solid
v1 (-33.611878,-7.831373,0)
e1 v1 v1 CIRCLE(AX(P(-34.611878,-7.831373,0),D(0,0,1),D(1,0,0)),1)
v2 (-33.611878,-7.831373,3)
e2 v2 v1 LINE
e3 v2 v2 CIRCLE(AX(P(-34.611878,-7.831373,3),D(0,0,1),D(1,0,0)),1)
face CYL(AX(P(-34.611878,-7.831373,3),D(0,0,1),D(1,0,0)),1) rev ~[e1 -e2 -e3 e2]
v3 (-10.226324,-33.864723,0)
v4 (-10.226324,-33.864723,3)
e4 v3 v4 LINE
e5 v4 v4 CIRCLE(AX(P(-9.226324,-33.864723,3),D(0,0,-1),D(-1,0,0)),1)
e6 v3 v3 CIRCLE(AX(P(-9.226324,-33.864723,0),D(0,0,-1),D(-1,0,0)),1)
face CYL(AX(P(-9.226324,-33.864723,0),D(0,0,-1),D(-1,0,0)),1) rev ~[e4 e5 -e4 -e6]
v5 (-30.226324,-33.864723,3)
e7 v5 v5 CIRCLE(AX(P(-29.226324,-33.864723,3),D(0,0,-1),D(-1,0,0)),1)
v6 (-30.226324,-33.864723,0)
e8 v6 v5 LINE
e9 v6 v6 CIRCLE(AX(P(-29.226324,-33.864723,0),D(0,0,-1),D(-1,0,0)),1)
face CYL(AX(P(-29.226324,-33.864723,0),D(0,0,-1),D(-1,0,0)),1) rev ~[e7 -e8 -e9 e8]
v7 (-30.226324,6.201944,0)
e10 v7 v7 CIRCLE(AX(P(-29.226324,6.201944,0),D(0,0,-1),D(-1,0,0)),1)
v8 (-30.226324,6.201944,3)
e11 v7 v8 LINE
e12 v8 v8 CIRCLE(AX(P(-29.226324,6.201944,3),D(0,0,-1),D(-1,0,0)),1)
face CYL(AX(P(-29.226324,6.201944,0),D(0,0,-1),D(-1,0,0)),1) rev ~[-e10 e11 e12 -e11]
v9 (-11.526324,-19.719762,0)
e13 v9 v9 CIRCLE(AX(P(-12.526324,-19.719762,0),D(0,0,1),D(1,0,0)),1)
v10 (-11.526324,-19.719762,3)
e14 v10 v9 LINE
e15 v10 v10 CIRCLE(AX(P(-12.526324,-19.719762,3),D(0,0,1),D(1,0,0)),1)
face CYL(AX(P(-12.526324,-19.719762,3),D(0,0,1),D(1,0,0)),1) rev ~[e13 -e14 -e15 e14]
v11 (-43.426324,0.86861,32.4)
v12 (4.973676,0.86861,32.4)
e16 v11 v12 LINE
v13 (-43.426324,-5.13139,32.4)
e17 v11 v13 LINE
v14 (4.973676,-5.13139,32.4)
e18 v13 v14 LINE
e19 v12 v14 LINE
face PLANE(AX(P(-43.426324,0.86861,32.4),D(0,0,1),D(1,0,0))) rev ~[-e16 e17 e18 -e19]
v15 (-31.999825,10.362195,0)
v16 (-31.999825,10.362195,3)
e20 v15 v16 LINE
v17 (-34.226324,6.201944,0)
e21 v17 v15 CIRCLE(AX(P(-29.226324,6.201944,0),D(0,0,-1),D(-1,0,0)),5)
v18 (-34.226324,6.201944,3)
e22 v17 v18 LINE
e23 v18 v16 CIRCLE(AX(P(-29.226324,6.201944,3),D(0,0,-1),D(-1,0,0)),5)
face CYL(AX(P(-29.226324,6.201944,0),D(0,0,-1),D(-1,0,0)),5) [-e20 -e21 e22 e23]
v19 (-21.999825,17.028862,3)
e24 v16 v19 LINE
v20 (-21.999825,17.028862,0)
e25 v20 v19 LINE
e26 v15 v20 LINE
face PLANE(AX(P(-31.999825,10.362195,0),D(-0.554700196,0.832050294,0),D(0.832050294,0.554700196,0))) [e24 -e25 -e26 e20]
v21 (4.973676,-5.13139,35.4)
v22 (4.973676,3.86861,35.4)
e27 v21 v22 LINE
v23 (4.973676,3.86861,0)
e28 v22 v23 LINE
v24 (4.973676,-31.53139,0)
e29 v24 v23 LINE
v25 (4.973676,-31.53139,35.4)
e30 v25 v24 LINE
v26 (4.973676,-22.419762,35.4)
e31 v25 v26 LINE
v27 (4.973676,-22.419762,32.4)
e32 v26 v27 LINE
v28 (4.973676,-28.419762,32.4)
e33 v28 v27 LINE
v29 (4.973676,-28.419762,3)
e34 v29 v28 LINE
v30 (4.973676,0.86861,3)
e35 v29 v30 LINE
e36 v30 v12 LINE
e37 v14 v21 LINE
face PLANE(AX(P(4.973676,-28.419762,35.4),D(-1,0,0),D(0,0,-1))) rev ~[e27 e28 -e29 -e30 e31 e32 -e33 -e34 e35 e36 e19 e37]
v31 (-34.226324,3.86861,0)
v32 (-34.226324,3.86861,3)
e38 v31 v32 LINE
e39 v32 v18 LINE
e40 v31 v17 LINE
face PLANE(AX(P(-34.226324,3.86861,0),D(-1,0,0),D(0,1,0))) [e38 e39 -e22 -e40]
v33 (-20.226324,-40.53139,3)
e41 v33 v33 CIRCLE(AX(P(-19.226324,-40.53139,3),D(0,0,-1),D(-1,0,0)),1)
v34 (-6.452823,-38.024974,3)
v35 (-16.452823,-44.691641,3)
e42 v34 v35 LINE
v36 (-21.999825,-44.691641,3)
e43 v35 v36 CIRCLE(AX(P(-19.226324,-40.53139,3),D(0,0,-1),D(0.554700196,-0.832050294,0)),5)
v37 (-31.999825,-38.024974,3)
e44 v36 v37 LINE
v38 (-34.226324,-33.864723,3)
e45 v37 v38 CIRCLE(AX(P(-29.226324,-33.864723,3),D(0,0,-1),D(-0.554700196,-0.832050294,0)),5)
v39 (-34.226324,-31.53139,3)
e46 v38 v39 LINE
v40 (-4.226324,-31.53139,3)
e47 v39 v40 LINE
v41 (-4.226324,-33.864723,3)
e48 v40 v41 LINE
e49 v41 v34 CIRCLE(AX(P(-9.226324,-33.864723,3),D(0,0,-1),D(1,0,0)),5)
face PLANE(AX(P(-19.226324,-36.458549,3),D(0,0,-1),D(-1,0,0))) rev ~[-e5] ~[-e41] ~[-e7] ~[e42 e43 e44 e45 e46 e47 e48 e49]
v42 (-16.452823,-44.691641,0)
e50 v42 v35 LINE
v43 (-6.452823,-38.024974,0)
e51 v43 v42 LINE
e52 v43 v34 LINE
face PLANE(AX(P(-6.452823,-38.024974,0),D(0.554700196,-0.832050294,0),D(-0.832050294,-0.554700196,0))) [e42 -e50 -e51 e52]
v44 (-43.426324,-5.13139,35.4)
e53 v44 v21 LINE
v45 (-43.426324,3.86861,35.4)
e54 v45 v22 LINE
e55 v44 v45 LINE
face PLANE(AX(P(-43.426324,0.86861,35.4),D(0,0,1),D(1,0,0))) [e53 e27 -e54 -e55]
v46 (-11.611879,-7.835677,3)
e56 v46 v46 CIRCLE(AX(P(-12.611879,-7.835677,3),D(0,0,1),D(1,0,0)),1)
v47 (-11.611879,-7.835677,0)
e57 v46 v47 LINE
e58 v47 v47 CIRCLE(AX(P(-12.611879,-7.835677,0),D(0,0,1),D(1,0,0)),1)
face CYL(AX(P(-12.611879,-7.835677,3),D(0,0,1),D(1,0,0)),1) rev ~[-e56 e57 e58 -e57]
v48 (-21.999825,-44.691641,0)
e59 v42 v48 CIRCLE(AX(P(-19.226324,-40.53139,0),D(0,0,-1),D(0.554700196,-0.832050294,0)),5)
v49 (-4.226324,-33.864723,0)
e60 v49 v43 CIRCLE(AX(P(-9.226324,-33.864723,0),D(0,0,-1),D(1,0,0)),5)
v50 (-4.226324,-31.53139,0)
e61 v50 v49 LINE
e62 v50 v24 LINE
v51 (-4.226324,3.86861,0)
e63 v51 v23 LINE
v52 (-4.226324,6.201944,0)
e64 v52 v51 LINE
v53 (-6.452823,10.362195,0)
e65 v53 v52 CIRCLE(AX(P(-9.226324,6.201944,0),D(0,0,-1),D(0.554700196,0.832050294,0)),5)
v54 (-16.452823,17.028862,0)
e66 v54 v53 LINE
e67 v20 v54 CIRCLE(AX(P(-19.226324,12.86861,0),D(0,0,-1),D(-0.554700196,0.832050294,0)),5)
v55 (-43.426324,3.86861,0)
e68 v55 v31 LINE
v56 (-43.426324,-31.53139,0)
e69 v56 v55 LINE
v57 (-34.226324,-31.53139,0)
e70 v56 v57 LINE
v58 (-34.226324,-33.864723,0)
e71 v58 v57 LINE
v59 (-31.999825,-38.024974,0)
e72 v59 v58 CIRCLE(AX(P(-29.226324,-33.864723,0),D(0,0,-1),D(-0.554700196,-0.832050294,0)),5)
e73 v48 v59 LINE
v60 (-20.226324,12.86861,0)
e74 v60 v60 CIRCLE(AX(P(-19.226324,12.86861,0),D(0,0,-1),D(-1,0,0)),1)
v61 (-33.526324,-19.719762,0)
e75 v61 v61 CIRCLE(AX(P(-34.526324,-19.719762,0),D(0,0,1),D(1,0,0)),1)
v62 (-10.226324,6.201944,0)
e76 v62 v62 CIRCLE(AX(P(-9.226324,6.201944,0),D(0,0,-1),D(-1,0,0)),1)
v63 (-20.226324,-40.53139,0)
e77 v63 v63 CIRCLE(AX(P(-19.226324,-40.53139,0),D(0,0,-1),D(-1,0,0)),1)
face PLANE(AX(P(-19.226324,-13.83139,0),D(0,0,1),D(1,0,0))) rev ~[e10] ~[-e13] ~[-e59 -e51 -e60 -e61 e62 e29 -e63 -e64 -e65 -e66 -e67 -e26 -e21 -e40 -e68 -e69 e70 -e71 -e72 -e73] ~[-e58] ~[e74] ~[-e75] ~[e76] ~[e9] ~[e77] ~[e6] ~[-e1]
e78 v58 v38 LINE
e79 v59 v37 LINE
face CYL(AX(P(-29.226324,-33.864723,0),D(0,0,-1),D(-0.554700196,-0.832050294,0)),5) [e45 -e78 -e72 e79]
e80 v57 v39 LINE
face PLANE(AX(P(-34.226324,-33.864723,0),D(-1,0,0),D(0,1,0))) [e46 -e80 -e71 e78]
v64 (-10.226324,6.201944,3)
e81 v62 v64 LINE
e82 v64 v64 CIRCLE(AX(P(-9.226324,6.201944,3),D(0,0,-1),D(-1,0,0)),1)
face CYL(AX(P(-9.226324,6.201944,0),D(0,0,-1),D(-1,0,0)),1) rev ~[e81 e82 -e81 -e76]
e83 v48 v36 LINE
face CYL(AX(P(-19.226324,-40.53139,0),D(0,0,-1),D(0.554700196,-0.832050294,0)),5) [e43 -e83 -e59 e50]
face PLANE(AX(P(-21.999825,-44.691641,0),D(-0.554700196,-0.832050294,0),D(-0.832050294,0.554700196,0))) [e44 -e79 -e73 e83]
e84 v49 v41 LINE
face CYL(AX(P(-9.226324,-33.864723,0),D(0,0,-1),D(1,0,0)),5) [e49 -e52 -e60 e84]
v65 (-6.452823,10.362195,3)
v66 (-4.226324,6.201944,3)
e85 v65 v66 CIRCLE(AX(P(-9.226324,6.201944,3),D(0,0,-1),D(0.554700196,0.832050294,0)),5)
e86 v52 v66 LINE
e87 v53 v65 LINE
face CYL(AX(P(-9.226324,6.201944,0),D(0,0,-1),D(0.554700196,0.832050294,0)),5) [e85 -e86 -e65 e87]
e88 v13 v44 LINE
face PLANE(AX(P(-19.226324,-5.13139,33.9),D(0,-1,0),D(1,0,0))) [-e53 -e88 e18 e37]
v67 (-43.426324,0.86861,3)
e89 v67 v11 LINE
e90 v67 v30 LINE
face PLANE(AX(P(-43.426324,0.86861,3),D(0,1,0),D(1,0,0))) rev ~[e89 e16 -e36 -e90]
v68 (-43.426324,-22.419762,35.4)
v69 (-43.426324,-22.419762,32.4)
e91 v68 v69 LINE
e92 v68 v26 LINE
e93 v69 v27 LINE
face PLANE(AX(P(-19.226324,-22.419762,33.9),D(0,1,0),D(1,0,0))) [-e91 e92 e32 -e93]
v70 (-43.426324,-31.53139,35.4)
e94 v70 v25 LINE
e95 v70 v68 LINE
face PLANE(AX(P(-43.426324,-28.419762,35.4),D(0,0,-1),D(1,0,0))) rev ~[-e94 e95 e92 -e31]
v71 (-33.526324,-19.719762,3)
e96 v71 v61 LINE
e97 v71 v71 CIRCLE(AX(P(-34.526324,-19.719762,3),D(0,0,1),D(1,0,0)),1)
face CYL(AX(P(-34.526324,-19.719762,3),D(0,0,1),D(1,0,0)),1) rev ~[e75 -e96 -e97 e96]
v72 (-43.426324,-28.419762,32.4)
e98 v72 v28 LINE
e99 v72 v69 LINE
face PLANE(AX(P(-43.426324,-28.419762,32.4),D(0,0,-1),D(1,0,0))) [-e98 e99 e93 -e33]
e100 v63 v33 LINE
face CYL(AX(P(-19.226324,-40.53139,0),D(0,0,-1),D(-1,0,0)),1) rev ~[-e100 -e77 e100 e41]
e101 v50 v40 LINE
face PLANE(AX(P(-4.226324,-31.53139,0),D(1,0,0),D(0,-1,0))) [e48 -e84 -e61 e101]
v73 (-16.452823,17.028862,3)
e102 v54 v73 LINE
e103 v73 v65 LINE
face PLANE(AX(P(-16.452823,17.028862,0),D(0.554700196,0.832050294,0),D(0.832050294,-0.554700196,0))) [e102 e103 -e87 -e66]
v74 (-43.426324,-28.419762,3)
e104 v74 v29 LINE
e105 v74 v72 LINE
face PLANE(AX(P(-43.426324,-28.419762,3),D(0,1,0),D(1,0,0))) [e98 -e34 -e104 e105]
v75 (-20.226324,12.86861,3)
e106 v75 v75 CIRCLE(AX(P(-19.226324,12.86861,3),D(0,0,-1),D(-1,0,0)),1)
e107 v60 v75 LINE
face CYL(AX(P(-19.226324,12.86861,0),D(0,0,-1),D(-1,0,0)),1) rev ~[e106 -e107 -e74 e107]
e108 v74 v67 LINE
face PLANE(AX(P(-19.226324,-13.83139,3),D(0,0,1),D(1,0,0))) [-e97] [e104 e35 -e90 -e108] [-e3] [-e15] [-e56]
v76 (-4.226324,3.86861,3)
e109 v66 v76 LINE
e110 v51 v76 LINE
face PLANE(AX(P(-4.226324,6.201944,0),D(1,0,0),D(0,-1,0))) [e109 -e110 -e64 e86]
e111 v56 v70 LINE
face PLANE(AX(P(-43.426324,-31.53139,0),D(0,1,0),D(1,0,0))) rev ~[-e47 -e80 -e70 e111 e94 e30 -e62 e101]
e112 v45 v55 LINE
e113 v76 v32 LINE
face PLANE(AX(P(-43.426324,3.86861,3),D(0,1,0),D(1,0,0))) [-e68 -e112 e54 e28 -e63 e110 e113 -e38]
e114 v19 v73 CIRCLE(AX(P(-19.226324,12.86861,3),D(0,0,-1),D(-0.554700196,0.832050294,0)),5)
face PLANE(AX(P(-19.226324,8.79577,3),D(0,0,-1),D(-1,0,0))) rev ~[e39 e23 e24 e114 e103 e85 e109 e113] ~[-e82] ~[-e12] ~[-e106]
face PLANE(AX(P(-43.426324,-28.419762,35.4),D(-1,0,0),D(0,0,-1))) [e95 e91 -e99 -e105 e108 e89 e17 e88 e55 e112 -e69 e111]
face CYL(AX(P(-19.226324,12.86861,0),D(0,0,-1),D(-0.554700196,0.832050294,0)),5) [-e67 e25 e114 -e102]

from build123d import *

# Parameters (mm, degrees)
SKETCH4_W                = 48.4
SKETCH4_H                = 35.4
BOTTOM_PLATE_DEPTH       = 3
SKETCH5_W                = 48.4
SKETCH5_H                = 3
SKETCH5_H_2              = 3.111627182
SIDE_PLATE_DEPTH         = 32.4
SKETCH6_W                = 48.4
SKETCH6_H                = 3
TOP_PLATE_1_DEPTH        = 6
SKETCH7_W                = 48.4
SKETCH7_H                = 3
TOP_PLATE_2_DEPTH        = 6
CAMERA_SCREW_HOLES_REACH = 64.688
SKETCH8_R                = 1
SKETCH10_R               = 1
CASE_ATTACHMENT_1_DEPTH  = 3
SKETCH10_4_R             = 1
CASE_ATTACHMENT_2_DEPTH  = 3


with BuildPart() as part:
    # Sketch4 → Bottom_Plate (new body)
    with BuildSketch(Plane.XY):
        with Locations((-19.226323529, -13.831389527)):
            Rectangle(SKETCH4_W, SKETCH4_H)
    extrude(amount=BOTTOM_PLATE_DEPTH)

    # Sketch5 → Side_Plate (add)
    with BuildSketch(Plane.XY.offset(3)):
        with Locations((-19.226323529, 2.368610473)):
            Rectangle(SKETCH5_W, SKETCH5_H)
        with Locations((-19.226323529, -29.975575936)):
            Rectangle(SKETCH5_W, SKETCH5_H_2)
    extrude(amount=SIDE_PLATE_DEPTH)

    # Sketch6 → Top_Plate_1 (add)
    with BuildSketch(Plane.XZ.offset(-0.868610473)):
        with Locations((-19.226323529, 33.9)):
            Rectangle(SKETCH6_W, SKETCH6_H)
    extrude(amount=TOP_PLATE_1_DEPTH)

    # Sketch7 → Top_Plate_2 (add)
    with BuildSketch(Plane(origin=(0, -28.419762345, 0), x_dir=(1, 0, 0), z_dir=(0, 1, 0))):
        with Locations((-19.226323529, -33.9)):
            Rectangle(SKETCH7_W, SKETCH7_H)
    extrude(amount=TOP_PLATE_2_DEPTH)

    # Sketch8 → Camera_Screw_Holes (cut, up to next)
    with BuildSketch(Plane.XY.offset(3), mode=Mode.PRIVATE) as camera_screw_holes_sk1:
        with Locations((-34.526323529, -19.719762345)):
            Circle(SKETCH8_R)
    camera_screw_holes_tool1 = extrude(camera_screw_holes_sk1.sketch, amount=-CAMERA_SCREW_HOLES_REACH, mode=Mode.PRIVATE) & part.part
    # Sketch8 → Camera_Screw_Holes (cut, up to next)
    with BuildSketch(Plane.XY.offset(3), mode=Mode.PRIVATE) as camera_screw_holes_sk2:
        with Locations((-34.611878154, -7.831372789)):
            Circle(SKETCH8_R)
    camera_screw_holes_tool2 = extrude(camera_screw_holes_sk2.sketch, amount=-CAMERA_SCREW_HOLES_REACH, mode=Mode.PRIVATE) & part.part
    # Sketch8 → Camera_Screw_Holes (cut, up to next)
    with BuildSketch(Plane.XY.offset(3), mode=Mode.PRIVATE) as camera_screw_holes_sk3:
        with Locations((-12.611878575, -7.835676936)):
            Circle(SKETCH8_R)
    camera_screw_holes_tool3 = extrude(camera_screw_holes_sk3.sketch, amount=-CAMERA_SCREW_HOLES_REACH, mode=Mode.PRIVATE) & part.part
    # Sketch8 → Camera_Screw_Holes (cut, up to next)
    with BuildSketch(Plane.XY.offset(3), mode=Mode.PRIVATE) as camera_screw_holes_sk4:
        with Locations((-12.526323529, -19.719762345)):
            Circle(SKETCH8_R)
    camera_screw_holes_tool4 = extrude(camera_screw_holes_sk4.sketch, amount=-CAMERA_SCREW_HOLES_REACH, mode=Mode.PRIVATE) & part.part
    add(camera_screw_holes_tool1.solids().sort_by_distance((-34.526324, -19.719762, 3))[0], mode=Mode.SUBTRACT)
    add(camera_screw_holes_tool2.solids().sort_by_distance((-34.611878, -7.831373, 3))[0], mode=Mode.SUBTRACT)
    add(camera_screw_holes_tool3.solids().sort_by_distance((-12.611879, -7.835677, 3))[0], mode=Mode.SUBTRACT)
    add(camera_screw_holes_tool4.solids().sort_by_distance((-12.526324, -19.719762, 3))[0], mode=Mode.SUBTRACT)

    # Sketch10 → Case_Attachment_1 (add)
    with BuildSketch(Plane(origin=(0, 0, 0), x_dir=(-1, 0, 0), z_dir=(0, 0, -1))):
        with BuildLine():
            Line((4.226323529, 6.201943806), (4.226323529, 3.868610473))
            Line((4.226323529, 3.868610473), (34.226323529, 3.868610473))
            Line((34.226323529, 3.868610473), (34.226323529, 6.201943806))
            ThreePointArc((34.226323529, 6.201943806), (33.634696523, 8.561233434), (31.99982451, 10.362195278))
            Line((31.99982451, 10.362195278), (21.99982451, 17.028861945))
            ThreePointArc((21.99982451, 17.028861945), (19.226323529, 17.868610473), (16.452822548, 17.028861945))
            Line((16.452822548, 17.028861945), (6.452822548, 10.362195278))
            ThreePointArc((6.452822548, 10.362195278), (4.817950535, 8.561233434), (4.226323529, 6.201943806))
        make_face()
        with Locations((9.226323529, 6.201943806)):
            Circle(SKETCH10_R, mode=Mode.SUBTRACT)
        with Locations((29.226323529, 6.201943806)):
            Circle(SKETCH10_R, mode=Mode.SUBTRACT)
        with Locations((19.226323529, 12.868610473)):
            Circle(SKETCH10_R, mode=Mode.SUBTRACT)
    extrude(amount=-CASE_ATTACHMENT_1_DEPTH)

    # Sketch10<4> → Case_Attachment_2 (add)
    with BuildSketch(Plane(origin=(0, 0, 0), x_dir=(-1, 0, 0), z_dir=(0, 0, -1))):
        with BuildLine():
            ThreePointArc((4.226323529, -33.86472286), (4.817950535, -36.224012488), (6.452822548, -38.024974332))
            Line((6.452822548, -38.024974332), (16.452822548, -44.691640999))
            ThreePointArc((16.452822548, -44.691640999), (19.226323529, -45.531389527), (21.99982451, -44.691640999))
            Line((21.99982451, -44.691640999), (31.99982451, -38.024974332))
            ThreePointArc((31.99982451, -38.024974332), (33.634696523, -36.224012488), (34.226323529, -33.86472286))
            Line((34.226323529, -33.86472286), (34.226323529, -31.531389527))
            Line((34.226323529, -31.531389527), (4.226323529, -31.531389527))
            Line((4.226323529, -31.531389527), (4.226323529, -33.86472286))
        make_face()
        with Locations((9.226323529, -33.86472286)):
            Circle(SKETCH10_4_R, mode=Mode.SUBTRACT)
        with Locations((19.226323529, -40.531389527)):
            Circle(SKETCH10_4_R, mode=Mode.SUBTRACT)
        with Locations((29.226323529, -33.86472286)):
            Circle(SKETCH10_4_R, mode=Mode.SUBTRACT)
    extrude(amount=-CASE_ATTACHMENT_2_DEPTH)


solid = part.part
